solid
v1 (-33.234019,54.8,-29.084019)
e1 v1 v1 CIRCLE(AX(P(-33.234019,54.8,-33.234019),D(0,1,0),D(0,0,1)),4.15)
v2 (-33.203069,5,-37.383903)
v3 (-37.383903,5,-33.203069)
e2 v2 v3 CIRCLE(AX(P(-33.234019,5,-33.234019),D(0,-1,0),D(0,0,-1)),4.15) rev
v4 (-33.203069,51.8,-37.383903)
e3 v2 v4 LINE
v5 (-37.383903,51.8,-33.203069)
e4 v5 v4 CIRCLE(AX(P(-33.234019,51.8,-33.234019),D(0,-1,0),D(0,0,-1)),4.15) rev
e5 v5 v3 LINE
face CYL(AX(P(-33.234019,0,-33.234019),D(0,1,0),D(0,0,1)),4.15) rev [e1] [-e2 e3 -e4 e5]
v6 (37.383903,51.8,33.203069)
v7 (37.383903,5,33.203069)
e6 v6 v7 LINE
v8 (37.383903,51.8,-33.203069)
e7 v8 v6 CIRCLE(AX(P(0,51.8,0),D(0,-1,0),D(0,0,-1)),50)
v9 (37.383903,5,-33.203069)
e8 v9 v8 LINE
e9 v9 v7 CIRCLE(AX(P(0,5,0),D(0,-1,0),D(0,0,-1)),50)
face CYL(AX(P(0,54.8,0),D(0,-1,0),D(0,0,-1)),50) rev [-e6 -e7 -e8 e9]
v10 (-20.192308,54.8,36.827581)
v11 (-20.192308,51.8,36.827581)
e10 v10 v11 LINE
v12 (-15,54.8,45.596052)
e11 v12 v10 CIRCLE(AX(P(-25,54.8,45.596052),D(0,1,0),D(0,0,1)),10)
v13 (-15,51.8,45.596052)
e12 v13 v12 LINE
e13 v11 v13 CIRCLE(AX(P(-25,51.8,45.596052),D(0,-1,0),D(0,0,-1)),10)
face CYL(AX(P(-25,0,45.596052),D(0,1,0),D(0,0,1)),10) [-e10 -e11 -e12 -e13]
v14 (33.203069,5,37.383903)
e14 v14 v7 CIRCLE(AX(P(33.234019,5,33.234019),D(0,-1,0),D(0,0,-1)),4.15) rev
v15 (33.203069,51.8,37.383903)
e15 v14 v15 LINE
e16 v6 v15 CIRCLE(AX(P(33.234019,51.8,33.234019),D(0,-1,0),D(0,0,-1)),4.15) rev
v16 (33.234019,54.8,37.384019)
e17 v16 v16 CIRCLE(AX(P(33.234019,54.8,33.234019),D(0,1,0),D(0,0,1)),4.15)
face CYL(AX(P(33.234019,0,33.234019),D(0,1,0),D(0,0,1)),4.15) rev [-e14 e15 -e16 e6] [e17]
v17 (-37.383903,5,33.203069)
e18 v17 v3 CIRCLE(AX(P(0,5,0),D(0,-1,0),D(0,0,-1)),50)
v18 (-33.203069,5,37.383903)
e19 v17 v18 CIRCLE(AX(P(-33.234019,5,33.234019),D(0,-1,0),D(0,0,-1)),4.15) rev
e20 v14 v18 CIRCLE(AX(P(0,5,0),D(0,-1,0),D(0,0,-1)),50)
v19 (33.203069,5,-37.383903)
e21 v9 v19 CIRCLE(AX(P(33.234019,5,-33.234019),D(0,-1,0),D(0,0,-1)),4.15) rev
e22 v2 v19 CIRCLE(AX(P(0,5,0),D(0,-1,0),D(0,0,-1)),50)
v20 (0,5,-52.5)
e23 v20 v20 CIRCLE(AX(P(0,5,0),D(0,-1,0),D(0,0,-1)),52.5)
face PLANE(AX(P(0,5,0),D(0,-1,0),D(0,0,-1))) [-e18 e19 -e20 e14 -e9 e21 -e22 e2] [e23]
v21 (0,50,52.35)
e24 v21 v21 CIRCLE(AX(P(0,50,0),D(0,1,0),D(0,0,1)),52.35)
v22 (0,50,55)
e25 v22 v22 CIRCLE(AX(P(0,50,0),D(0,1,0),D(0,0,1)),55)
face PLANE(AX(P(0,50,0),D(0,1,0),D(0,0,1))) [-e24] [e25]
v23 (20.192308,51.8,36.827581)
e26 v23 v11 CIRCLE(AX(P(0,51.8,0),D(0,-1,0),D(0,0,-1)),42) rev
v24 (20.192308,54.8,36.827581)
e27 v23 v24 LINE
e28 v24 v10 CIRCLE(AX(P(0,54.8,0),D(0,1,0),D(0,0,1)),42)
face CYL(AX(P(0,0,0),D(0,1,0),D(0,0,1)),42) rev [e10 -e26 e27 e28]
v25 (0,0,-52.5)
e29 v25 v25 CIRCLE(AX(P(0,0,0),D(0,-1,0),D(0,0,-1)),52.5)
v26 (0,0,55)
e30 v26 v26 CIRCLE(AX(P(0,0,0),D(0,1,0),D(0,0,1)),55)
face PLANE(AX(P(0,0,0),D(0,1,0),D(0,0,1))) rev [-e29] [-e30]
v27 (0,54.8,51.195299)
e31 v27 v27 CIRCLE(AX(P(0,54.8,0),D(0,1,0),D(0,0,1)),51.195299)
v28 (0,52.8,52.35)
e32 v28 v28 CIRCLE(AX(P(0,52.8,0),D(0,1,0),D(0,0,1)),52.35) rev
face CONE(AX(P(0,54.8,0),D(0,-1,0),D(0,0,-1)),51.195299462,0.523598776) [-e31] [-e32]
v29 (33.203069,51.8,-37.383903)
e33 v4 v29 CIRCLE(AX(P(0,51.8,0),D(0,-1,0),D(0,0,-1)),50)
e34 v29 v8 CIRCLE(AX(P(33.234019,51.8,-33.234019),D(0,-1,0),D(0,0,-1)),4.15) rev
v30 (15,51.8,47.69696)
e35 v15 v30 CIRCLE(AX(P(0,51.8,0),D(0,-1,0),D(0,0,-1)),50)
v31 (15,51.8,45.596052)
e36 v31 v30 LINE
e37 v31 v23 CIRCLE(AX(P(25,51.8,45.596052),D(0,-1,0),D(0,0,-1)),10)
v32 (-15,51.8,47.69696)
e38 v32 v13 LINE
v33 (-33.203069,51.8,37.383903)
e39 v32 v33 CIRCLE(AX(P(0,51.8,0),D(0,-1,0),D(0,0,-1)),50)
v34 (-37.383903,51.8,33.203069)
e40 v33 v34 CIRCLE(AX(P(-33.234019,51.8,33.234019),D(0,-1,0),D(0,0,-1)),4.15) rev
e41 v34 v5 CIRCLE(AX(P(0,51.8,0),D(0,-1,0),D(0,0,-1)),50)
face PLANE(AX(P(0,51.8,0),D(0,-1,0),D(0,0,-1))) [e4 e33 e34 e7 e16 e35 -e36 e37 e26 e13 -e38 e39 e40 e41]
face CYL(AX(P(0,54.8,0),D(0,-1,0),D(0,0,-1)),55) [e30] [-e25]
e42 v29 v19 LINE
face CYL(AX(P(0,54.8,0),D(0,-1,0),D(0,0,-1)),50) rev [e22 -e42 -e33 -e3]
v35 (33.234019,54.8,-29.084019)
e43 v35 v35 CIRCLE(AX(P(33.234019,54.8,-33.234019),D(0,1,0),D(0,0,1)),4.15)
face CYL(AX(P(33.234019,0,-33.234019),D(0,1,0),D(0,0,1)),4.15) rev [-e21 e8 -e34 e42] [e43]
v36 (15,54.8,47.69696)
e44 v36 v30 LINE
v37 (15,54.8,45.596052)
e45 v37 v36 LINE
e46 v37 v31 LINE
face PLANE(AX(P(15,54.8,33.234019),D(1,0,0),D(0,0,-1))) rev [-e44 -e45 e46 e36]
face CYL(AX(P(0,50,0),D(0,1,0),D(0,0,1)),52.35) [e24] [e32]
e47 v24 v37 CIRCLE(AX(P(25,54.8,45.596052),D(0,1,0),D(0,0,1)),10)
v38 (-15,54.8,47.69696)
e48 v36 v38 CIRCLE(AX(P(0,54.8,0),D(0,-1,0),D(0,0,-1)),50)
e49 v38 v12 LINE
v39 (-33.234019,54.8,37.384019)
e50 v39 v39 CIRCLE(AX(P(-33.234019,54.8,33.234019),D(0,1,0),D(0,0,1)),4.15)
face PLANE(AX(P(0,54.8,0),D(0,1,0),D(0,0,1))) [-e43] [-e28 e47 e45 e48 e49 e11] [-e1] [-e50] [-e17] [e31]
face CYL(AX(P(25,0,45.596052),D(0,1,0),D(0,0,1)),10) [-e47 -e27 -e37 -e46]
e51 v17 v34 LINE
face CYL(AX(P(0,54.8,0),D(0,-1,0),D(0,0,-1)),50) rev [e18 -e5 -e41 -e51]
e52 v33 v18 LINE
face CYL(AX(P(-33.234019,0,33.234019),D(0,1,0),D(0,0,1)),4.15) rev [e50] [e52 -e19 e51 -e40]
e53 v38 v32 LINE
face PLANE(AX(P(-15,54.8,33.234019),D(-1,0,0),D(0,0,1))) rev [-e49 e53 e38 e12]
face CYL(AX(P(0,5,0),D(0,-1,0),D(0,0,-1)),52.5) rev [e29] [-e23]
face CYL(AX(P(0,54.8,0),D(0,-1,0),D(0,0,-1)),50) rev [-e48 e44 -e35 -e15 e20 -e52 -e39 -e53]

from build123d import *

# Parameters (mm, degrees)
SKETCH1_R           = 55
BOSS_EXTRUDE1_DEPTH = 54.8
SHELL1_T            = -5
SKETCH2_R           = 35
CUT_EXTRUDE1_DEPTH  = 6
SKETCH3_R           = 42
CUT_EXTRUDE2_DEPTH  = 55.8
SKETCH4_R           = 4.15
CUT_EXTRUDE3_DEPTH  = 55.8
SKETCH6_R           = 50
CUT_EXTRUDE4_DEPTH  = 2
CUT_EXTRUDE5_DEPTH  = 4
FILLET1_R           = 10
SKETCH8_OUTSIDE_W   = 144.986
SKETCH8_OUTSIDE_H   = 144.986
SKETCH8_OUTSIDE_R   = 52.35
CUT_EXTRUDE6_DEPTH  = 4.8
CHAMFER1_SIZE       = 2
CHAMFER1_SIZE2      = 1.154700538
SKETCH9_R           = 52.5
CUT_EXTRUDE7_DEPTH  = 5


with BuildPart() as part:
    # Sketch1 → Boss-Extrude1 (new body)
    with BuildSketch(Plane(origin=(0, 0, 0), x_dir=(1, 0, 0), z_dir=(0, 1, 0))):
        with Locations(Location((0, 0, 0), (0, 0, 270))):  # turned: the seam where the file's is
            Circle(SKETCH1_R)
    extrude(amount=BOSS_EXTRUDE1_DEPTH)

    # Shell1
    shell1_openings = [part.faces().sort_by_distance(p)[0] for p in [
        (0, 0, 0),
    ]]
    offset(amount=SHELL1_T, openings=shell1_openings, kind=Kind.INTERSECTION)

    # Sketch2 → Cut-Extrude1 (cut, through all)
    with BuildSketch(Plane.XZ.offset(-49.8)):
        with Locations(Location((0, 0, 0), (0, 0, 270))):  # turned: the seam where the file's is
            Circle(SKETCH2_R)
    extrude(amount=-CUT_EXTRUDE1_DEPTH, mode=Mode.SUBTRACT)

    # Sketch3 → Cut-Extrude2 (cut, through all)
    with BuildSketch(Plane(origin=(0, 54.8, 0), x_dir=(1, 0, 0), z_dir=(0, 1, 0))):
        with Locations(Location((0, 0, 0), (0, 0, 270))):  # turned: the seam where the file's is
            Circle(SKETCH3_R)
    extrude(amount=-CUT_EXTRUDE2_DEPTH, mode=Mode.SUBTRACT)

    # Sketch4 → Cut-Extrude3 (cut, through all)
    with BuildSketch(Plane(origin=(0, 54.8, 0), x_dir=(1, 0, 0), z_dir=(0, 1, 0))):
        with Locations(Location((-33.234018716, -33.234018716, 0), (0, 0, 270))):  # turned: the seam where the file's is
            Circle(SKETCH4_R)
        with Locations(Location((-33.234018716, 33.234018716, 0), (0, 0, 270))):  # turned: the seam where the file's is
            Circle(SKETCH4_R)
        with Locations(Location((33.234018716, 33.234018716, 0), (0, 0, 270))):  # turned: the seam where the file's is
            Circle(SKETCH4_R)
        with Locations(Location((33.234018716, -33.234018716, 0), (0, 0, 270))):  # turned: the seam where the file's is
            Circle(SKETCH4_R)
    extrude(amount=-CUT_EXTRUDE3_DEPTH, mode=Mode.SUBTRACT)

    # Sketch6 → Cut-Extrude4 (cut)
    with BuildSketch(Plane.XZ.offset(-49.8)):
        Circle(SKETCH6_R)
    extrude(amount=-CUT_EXTRUDE4_DEPTH, mode=Mode.SUBTRACT)

    # Sketch7 → Cut-Extrude5 (cut, through all)
    with BuildSketch(Plane.XZ.offset(-51.8)):
        with BuildLine():
            Line((15, 33.234018716), (15, 47.696960071))
            ThreePointArc((15, 47.696960071), (0, 50), (-15, 47.696960071))
            Line((-15, 47.696960071), (-15, 33.234018716))
            Line((-15, 33.234018716), (15, 33.234018716))
        make_face()
    extrude(amount=-CUT_EXTRUDE5_DEPTH, mode=Mode.SUBTRACT)

    # Fillet1
    fillet1_edges = [part.edges().sort_by_distance(p)[0] for p in [
        (-15, 53.3, 39.230090492),
        (15, 53.3, 39.230090492),
    ]]
    fillet(fillet1_edges, radius=FILLET1_R)

    # Sketch8 outside → Cut-Extrude6 (cut)
    with BuildSketch(Plane(origin=(0, 54.8, 0), x_dir=(1, 0, 0), z_dir=(0, 1, 0))):
        Rectangle(SKETCH8_OUTSIDE_W, SKETCH8_OUTSIDE_H)
        with Locations(Location((0, 0, 0), (0, 0, 270))):  # turned: the seam where the file's is
            Circle(SKETCH8_OUTSIDE_R, mode=Mode.SUBTRACT)
    extrude(amount=-CUT_EXTRUDE6_DEPTH, mode=Mode.SUBTRACT)

    # Chamfer1
    chamfer1_edges = [part.edges().sort_by_distance(p)[0] for p in [
        (0, 54.8, -52.35),
    ]]
    chamfer1_side = [part.faces().sort_by_distance(p)[0] for p in [
        (0, 52.4, -52.35),
    ]]
    chamfer(chamfer1_edges, length=CHAMFER1_SIZE, length2=CHAMFER1_SIZE2, reference=chamfer1_side[0])

    # Sketch9 → Cut-Extrude7 (cut)
    with BuildSketch(Plane.XZ):
        with Locations(Location((0, 0, 0), (0, 0, 270))):  # turned: the seam where the file's is
            Circle(SKETCH9_R)
    extrude(amount=-CUT_EXTRUDE7_DEPTH, mode=Mode.SUBTRACT)


solid = part.part
